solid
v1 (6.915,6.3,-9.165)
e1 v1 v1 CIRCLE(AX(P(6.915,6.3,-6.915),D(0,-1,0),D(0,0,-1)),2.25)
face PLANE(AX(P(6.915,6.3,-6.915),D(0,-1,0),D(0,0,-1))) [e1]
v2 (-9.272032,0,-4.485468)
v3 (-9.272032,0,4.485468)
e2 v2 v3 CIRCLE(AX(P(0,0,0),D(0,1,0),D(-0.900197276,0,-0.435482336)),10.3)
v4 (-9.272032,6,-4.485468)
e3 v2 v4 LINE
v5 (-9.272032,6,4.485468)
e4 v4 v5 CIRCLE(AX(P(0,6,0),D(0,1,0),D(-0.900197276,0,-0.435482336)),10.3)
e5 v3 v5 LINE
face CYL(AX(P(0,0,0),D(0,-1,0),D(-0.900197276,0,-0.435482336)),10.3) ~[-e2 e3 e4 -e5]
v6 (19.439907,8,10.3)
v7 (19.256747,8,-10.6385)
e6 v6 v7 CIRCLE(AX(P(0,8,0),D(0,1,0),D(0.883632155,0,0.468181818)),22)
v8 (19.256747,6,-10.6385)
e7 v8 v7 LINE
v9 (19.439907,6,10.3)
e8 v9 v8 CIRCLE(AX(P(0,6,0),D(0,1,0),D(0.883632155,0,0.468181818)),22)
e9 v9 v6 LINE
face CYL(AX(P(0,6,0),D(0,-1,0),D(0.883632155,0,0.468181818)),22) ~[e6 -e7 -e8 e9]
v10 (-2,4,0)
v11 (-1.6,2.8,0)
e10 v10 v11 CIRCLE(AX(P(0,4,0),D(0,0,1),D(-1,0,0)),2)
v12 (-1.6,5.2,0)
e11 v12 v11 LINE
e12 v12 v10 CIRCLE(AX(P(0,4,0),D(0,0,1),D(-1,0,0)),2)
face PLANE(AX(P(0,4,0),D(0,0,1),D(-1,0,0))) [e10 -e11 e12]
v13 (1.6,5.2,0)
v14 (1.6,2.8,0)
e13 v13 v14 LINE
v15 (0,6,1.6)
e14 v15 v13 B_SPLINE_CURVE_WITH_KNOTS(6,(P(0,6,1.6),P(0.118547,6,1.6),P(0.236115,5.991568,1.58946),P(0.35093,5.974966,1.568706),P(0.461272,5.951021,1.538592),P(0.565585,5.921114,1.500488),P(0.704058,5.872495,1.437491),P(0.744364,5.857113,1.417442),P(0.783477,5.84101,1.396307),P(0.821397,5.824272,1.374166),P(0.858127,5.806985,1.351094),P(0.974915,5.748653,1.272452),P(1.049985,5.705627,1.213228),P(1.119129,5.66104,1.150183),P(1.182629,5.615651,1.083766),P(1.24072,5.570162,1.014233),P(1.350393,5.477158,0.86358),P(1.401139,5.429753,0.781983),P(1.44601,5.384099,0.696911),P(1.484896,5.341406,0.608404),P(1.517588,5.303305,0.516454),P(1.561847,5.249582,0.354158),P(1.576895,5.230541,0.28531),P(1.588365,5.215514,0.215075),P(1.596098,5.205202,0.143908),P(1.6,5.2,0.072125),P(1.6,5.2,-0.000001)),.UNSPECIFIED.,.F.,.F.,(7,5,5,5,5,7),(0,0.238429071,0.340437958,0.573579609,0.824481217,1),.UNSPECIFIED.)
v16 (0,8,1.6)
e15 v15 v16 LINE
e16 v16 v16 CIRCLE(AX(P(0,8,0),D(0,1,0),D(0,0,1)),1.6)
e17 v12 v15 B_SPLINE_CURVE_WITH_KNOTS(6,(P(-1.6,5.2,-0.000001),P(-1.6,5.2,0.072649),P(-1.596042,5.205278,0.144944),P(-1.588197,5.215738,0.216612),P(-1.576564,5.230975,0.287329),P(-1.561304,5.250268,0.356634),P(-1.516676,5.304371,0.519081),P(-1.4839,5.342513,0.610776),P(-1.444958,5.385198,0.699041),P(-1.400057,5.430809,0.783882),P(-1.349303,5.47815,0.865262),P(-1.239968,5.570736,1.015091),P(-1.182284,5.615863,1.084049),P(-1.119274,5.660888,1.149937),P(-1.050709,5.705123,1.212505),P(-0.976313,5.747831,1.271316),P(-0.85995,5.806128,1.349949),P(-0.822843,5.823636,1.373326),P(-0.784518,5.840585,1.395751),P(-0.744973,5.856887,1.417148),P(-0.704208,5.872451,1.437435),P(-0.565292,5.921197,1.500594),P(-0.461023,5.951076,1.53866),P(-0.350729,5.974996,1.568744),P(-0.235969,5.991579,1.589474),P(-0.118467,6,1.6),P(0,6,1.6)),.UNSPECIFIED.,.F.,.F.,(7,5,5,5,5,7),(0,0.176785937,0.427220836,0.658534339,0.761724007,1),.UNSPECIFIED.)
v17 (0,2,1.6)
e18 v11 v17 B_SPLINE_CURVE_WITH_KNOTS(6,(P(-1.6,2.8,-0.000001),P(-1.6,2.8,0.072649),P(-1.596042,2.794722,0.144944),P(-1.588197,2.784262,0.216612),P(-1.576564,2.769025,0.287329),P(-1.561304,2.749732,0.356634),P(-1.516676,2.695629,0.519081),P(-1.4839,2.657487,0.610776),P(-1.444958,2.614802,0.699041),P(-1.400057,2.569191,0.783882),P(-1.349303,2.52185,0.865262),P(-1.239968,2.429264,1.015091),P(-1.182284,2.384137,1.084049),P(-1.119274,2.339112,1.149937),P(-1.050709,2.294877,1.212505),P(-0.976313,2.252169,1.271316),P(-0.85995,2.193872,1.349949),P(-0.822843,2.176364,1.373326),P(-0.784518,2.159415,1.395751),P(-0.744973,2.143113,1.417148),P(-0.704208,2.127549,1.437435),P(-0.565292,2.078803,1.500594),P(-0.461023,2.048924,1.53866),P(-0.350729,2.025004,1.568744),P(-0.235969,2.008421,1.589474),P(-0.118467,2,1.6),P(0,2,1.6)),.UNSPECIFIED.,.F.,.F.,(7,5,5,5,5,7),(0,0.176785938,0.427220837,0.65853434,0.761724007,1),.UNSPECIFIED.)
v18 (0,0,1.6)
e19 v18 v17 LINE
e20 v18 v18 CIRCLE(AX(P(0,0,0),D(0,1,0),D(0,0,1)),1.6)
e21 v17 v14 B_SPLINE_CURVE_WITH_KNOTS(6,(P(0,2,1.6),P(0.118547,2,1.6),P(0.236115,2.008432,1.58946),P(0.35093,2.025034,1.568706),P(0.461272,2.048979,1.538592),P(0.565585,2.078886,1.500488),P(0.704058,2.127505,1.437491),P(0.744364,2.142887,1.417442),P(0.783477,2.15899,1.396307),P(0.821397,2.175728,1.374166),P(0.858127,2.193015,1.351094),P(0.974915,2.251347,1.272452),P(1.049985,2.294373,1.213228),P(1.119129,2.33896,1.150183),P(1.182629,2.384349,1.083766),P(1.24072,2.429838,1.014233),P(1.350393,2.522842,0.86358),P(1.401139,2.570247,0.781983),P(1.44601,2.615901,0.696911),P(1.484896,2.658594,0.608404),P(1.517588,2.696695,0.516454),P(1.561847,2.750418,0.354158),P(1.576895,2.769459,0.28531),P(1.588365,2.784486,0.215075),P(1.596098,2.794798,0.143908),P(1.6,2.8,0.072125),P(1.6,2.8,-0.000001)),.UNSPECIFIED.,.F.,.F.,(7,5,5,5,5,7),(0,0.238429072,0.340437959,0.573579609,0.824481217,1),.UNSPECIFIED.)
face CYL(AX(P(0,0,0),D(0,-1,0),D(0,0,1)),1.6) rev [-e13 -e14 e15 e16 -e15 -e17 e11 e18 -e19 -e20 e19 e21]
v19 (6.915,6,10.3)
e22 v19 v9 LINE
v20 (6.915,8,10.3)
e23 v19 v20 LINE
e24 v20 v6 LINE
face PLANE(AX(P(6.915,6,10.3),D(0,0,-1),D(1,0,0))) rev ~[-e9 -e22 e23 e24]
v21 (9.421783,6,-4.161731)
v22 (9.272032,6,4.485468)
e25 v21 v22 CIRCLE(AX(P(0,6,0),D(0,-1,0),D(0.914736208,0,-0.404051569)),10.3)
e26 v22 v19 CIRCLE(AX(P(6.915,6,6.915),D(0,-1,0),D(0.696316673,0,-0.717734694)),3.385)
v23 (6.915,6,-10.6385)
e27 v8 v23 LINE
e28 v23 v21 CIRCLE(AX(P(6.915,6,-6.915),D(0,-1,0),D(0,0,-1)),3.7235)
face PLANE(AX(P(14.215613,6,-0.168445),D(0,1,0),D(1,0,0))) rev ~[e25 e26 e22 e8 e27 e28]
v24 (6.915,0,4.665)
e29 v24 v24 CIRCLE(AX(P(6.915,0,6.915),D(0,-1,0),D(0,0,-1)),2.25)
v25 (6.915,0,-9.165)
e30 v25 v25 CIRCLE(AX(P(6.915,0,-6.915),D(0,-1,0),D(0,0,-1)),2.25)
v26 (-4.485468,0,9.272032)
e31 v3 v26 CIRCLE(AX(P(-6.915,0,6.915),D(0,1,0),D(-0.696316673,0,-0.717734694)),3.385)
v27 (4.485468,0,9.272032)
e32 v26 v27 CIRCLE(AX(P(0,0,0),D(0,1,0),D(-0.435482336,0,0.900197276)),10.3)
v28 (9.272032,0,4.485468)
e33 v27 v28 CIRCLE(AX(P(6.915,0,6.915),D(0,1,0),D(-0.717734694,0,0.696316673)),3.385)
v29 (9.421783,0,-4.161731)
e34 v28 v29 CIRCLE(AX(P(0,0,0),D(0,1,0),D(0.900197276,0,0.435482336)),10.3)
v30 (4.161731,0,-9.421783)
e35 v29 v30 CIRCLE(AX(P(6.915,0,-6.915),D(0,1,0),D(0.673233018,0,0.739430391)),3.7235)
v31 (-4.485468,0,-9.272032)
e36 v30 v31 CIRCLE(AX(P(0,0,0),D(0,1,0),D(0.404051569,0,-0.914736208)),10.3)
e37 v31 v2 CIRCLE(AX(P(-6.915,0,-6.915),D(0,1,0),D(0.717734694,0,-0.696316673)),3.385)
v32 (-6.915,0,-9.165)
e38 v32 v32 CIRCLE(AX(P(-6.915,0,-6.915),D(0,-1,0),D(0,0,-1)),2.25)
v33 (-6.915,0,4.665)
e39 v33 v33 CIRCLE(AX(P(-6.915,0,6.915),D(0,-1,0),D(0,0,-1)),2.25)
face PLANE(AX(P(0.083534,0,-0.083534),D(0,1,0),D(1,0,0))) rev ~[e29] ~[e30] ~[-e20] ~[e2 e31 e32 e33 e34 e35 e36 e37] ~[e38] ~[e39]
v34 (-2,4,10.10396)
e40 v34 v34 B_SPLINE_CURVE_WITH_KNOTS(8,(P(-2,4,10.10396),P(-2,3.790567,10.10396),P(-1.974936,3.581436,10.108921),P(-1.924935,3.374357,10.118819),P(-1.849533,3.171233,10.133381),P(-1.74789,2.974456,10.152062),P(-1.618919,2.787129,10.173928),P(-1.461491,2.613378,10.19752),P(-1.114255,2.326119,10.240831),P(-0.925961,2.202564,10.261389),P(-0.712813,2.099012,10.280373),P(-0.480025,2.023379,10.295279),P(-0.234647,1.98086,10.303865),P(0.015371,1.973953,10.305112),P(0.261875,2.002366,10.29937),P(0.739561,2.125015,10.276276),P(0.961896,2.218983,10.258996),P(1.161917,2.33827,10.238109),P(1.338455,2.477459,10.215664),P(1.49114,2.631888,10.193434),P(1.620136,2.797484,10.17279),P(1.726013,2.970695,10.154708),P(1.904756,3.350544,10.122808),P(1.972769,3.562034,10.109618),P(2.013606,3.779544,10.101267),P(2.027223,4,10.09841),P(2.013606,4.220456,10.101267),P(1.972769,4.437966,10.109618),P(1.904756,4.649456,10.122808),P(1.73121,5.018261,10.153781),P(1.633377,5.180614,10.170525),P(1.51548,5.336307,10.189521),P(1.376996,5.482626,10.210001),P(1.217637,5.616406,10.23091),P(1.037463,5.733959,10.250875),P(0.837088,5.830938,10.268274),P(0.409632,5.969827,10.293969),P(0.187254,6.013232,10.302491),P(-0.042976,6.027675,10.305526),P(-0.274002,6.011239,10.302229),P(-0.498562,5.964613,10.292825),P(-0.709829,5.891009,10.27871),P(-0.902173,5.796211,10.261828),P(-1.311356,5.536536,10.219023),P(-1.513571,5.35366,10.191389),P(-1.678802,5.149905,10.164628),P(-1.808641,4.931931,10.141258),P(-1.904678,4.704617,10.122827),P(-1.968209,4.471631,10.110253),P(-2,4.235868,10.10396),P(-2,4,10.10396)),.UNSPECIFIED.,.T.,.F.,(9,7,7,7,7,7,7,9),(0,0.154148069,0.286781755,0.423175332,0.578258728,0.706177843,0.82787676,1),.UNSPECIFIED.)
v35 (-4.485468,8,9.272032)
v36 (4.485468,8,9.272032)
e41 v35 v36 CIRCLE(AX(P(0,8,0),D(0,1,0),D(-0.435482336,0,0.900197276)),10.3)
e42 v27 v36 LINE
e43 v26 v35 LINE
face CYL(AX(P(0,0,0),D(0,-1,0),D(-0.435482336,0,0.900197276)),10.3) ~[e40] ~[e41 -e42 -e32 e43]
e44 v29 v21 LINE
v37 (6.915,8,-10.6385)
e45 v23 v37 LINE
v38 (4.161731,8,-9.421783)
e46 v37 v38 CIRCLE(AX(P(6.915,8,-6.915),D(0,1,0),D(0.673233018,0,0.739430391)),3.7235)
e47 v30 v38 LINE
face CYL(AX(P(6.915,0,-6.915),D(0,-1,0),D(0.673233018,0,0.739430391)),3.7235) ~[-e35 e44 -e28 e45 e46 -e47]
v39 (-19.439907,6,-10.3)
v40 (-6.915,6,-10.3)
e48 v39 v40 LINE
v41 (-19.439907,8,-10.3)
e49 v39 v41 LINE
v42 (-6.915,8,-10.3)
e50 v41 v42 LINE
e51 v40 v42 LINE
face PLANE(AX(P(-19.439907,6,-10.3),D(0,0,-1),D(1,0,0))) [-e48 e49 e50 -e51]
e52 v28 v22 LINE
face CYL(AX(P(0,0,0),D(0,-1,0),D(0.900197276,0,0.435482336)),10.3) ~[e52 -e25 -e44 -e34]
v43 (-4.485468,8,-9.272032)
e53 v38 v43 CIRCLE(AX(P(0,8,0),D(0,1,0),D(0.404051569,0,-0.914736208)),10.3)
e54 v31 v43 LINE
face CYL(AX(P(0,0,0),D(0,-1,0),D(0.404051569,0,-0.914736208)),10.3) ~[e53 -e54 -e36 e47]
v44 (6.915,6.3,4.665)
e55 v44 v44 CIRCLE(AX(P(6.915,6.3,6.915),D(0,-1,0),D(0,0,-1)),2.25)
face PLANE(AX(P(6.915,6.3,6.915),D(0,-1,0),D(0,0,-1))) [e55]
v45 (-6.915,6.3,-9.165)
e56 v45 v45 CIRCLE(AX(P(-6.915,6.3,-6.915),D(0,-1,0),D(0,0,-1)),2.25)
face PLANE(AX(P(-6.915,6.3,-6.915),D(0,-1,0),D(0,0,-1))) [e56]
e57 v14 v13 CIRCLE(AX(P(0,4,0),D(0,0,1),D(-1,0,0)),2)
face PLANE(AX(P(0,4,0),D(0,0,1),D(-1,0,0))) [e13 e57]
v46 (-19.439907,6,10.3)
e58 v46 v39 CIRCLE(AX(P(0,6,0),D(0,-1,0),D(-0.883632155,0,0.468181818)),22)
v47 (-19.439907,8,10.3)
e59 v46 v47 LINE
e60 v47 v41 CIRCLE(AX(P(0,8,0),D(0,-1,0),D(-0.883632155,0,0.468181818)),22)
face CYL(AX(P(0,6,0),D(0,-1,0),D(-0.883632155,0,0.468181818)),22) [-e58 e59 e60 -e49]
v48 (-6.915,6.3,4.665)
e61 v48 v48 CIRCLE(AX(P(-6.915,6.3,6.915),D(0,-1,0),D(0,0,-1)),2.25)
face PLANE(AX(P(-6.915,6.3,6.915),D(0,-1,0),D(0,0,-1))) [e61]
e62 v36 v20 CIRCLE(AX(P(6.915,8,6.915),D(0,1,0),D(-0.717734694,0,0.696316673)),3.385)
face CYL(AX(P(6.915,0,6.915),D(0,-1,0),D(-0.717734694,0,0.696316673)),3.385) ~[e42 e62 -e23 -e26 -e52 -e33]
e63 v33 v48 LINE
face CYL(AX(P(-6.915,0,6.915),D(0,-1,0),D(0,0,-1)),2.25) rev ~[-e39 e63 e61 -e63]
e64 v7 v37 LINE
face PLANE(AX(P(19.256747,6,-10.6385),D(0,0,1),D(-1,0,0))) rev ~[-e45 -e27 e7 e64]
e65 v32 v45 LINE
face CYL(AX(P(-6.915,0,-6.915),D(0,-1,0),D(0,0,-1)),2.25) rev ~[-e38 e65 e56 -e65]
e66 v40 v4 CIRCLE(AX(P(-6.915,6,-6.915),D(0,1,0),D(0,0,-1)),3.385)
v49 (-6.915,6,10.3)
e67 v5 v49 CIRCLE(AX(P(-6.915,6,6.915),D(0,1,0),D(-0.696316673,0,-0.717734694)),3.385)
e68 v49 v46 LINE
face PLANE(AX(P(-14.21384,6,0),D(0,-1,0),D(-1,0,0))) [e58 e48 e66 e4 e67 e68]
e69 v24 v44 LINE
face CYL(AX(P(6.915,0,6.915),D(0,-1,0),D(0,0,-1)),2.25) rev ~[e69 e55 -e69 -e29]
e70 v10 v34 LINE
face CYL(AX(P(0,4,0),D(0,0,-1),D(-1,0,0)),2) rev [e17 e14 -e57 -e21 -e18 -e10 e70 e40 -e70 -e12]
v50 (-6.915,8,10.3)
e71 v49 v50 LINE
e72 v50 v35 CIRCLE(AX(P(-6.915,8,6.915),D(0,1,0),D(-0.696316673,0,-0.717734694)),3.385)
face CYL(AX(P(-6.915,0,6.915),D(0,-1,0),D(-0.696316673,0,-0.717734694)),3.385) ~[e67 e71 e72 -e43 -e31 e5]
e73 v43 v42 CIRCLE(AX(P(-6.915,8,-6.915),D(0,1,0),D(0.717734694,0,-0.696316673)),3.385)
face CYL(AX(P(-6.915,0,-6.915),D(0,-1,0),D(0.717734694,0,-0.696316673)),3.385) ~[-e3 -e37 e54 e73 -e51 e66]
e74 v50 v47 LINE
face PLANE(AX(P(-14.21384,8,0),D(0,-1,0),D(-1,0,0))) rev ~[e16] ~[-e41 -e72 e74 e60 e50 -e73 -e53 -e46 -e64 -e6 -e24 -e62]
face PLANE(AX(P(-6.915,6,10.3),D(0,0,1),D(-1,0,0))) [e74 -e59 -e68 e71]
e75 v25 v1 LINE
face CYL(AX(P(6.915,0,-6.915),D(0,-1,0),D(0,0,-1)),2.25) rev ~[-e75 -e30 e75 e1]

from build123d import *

# Parameters (mm, degrees)
SKETCH1_R           = 1.6
BOSS_EXTRUDE1_DEPTH = 8
SKETCH3_R           = 2
CUT_EXTRUDE1_DEPTH  = 14.5
BOSS_EXTRUDE3_START = -2
BOSS_EXTRUDE3_DEPTH = 2
SKETCH5_R           = 2.25
CUT_EXTRUDE2_DEPTH  = 6.3


with BuildPart() as part:
    # Sketch1 → Boss-Extrude1 (new body)
    with BuildSketch(Plane(origin=(0, 0, 0), x_dir=(1, 0, 0), z_dir=(0, 1, 0))):
        with BuildLine():
            ThreePointArc((-9.272031939, -4.485468061), (-9.308556454, -9.308556454), (-4.485468061, -9.272031939))
            ThreePointArc((-4.485468061, -9.272031939), (0, -10.3), (4.485468061, -9.272031939))
            ThreePointArc((4.485468061, -9.272031939), (9.308556454, -9.308556454), (9.272031939, -4.485468061))
            ThreePointArc((9.272031939, -4.485468061), (10.298455819, -0.178347233), (9.421782939, 4.161731161))
            ThreePointArc((9.421782939, 4.161731161), (9.547911886, 9.547911886), (4.161731161, 9.421782939))
            ThreePointArc((4.161731161, 9.421782939), (-0.178347233, 10.298455819), (-4.485468061, 9.272031939))
            ThreePointArc((-4.485468061, 9.272031939), (-9.308556454, 9.308556454), (-9.272031939, 4.485468061))
            ThreePointArc((-9.272031939, 4.485468061), (-10.3, 0), (-9.272031939, -4.485468061))
        make_face()
        with Locations(Location((0, 0, 0), (0, 0, 270))):
            Circle(SKETCH1_R, mode=Mode.SUBTRACT)
    extrude(amount=BOSS_EXTRUDE1_DEPTH)

    # Sketch3 → Cut-Extrude1 (cut)
    with BuildSketch(Plane.XY):
        with Locations(Location((0, 4, 0), (0, 0, 180))):
            Circle(SKETCH3_R)
    extrude(amount=CUT_EXTRUDE1_DEPTH, mode=Mode.SUBTRACT)

    # Sketch4 → Boss-Extrude3 (add)
    with BuildSketch(Plane(origin=(0, 8, 0), x_dir=(1, 0, 0), z_dir=(0, 1, 0)).offset(BOSS_EXTRUDE3_START)):
        with BuildLine():
            Line((-19.439907407, 10.3), (-6.915, 10.3))
            ThreePointArc((-6.915, 10.3), (-10.052052009, 8.186664144), (-9.272031939, 4.485468061))
            ThreePointArc((-9.272031939, 4.485468061), (-10.3, 0), (-9.272031939, -4.485468061))
            ThreePointArc((-9.272031939, -4.485468061), (-10.052052009, -8.186664144), (-6.915, -10.3))
            Line((-6.915, -10.3), (-19.439907407, -10.3))
            ThreePointArc((-19.439907407, -10.3), (-22, 0), (-19.439907407, 10.3))
        make_face()
        with BuildLine():
            Line((19.256747497, 10.638499698), (6.915, 10.638499698))
            ThreePointArc((6.915, 10.638499698), (10.387480791, 8.25899671), (9.421782939, 4.161731161))
            ThreePointArc((9.421782939, 4.161731161), (10.298455819, -0.178347233), (9.272031939, -4.485468061))
            ThreePointArc((9.272031939, -4.485468061), (10.052052009, -8.186664144), (6.915, -10.3))
            Line((6.915, -10.3), (19.439907407, -10.3))
            ThreePointArc((19.439907407, -10.3), (21.999158338, 0.192438041), (19.256747497, 10.638499698))
        make_face()
    extrude(amount=BOSS_EXTRUDE3_DEPTH)

    # Sketch5 → Cut-Extrude2 (cut)
    with BuildSketch(Plane.XZ):
        with Locations(Location((-6.915, 6.915, 0), (0, 0, 270))):
            Circle(SKETCH5_R)
        with Locations(Location((6.915, 6.915, 0), (0, 0, 270))):
            Circle(SKETCH5_R)
        with Locations(Location((6.915, -6.915, 0), (0, 0, 270))):
            Circle(SKETCH5_R)
        with Locations(Location((-6.915, -6.915, 0), (0, 0, 270))):
            Circle(SKETCH5_R)
    extrude(amount=-CUT_EXTRUDE2_DEPTH, mode=Mode.SUBTRACT)


solid = part.part
